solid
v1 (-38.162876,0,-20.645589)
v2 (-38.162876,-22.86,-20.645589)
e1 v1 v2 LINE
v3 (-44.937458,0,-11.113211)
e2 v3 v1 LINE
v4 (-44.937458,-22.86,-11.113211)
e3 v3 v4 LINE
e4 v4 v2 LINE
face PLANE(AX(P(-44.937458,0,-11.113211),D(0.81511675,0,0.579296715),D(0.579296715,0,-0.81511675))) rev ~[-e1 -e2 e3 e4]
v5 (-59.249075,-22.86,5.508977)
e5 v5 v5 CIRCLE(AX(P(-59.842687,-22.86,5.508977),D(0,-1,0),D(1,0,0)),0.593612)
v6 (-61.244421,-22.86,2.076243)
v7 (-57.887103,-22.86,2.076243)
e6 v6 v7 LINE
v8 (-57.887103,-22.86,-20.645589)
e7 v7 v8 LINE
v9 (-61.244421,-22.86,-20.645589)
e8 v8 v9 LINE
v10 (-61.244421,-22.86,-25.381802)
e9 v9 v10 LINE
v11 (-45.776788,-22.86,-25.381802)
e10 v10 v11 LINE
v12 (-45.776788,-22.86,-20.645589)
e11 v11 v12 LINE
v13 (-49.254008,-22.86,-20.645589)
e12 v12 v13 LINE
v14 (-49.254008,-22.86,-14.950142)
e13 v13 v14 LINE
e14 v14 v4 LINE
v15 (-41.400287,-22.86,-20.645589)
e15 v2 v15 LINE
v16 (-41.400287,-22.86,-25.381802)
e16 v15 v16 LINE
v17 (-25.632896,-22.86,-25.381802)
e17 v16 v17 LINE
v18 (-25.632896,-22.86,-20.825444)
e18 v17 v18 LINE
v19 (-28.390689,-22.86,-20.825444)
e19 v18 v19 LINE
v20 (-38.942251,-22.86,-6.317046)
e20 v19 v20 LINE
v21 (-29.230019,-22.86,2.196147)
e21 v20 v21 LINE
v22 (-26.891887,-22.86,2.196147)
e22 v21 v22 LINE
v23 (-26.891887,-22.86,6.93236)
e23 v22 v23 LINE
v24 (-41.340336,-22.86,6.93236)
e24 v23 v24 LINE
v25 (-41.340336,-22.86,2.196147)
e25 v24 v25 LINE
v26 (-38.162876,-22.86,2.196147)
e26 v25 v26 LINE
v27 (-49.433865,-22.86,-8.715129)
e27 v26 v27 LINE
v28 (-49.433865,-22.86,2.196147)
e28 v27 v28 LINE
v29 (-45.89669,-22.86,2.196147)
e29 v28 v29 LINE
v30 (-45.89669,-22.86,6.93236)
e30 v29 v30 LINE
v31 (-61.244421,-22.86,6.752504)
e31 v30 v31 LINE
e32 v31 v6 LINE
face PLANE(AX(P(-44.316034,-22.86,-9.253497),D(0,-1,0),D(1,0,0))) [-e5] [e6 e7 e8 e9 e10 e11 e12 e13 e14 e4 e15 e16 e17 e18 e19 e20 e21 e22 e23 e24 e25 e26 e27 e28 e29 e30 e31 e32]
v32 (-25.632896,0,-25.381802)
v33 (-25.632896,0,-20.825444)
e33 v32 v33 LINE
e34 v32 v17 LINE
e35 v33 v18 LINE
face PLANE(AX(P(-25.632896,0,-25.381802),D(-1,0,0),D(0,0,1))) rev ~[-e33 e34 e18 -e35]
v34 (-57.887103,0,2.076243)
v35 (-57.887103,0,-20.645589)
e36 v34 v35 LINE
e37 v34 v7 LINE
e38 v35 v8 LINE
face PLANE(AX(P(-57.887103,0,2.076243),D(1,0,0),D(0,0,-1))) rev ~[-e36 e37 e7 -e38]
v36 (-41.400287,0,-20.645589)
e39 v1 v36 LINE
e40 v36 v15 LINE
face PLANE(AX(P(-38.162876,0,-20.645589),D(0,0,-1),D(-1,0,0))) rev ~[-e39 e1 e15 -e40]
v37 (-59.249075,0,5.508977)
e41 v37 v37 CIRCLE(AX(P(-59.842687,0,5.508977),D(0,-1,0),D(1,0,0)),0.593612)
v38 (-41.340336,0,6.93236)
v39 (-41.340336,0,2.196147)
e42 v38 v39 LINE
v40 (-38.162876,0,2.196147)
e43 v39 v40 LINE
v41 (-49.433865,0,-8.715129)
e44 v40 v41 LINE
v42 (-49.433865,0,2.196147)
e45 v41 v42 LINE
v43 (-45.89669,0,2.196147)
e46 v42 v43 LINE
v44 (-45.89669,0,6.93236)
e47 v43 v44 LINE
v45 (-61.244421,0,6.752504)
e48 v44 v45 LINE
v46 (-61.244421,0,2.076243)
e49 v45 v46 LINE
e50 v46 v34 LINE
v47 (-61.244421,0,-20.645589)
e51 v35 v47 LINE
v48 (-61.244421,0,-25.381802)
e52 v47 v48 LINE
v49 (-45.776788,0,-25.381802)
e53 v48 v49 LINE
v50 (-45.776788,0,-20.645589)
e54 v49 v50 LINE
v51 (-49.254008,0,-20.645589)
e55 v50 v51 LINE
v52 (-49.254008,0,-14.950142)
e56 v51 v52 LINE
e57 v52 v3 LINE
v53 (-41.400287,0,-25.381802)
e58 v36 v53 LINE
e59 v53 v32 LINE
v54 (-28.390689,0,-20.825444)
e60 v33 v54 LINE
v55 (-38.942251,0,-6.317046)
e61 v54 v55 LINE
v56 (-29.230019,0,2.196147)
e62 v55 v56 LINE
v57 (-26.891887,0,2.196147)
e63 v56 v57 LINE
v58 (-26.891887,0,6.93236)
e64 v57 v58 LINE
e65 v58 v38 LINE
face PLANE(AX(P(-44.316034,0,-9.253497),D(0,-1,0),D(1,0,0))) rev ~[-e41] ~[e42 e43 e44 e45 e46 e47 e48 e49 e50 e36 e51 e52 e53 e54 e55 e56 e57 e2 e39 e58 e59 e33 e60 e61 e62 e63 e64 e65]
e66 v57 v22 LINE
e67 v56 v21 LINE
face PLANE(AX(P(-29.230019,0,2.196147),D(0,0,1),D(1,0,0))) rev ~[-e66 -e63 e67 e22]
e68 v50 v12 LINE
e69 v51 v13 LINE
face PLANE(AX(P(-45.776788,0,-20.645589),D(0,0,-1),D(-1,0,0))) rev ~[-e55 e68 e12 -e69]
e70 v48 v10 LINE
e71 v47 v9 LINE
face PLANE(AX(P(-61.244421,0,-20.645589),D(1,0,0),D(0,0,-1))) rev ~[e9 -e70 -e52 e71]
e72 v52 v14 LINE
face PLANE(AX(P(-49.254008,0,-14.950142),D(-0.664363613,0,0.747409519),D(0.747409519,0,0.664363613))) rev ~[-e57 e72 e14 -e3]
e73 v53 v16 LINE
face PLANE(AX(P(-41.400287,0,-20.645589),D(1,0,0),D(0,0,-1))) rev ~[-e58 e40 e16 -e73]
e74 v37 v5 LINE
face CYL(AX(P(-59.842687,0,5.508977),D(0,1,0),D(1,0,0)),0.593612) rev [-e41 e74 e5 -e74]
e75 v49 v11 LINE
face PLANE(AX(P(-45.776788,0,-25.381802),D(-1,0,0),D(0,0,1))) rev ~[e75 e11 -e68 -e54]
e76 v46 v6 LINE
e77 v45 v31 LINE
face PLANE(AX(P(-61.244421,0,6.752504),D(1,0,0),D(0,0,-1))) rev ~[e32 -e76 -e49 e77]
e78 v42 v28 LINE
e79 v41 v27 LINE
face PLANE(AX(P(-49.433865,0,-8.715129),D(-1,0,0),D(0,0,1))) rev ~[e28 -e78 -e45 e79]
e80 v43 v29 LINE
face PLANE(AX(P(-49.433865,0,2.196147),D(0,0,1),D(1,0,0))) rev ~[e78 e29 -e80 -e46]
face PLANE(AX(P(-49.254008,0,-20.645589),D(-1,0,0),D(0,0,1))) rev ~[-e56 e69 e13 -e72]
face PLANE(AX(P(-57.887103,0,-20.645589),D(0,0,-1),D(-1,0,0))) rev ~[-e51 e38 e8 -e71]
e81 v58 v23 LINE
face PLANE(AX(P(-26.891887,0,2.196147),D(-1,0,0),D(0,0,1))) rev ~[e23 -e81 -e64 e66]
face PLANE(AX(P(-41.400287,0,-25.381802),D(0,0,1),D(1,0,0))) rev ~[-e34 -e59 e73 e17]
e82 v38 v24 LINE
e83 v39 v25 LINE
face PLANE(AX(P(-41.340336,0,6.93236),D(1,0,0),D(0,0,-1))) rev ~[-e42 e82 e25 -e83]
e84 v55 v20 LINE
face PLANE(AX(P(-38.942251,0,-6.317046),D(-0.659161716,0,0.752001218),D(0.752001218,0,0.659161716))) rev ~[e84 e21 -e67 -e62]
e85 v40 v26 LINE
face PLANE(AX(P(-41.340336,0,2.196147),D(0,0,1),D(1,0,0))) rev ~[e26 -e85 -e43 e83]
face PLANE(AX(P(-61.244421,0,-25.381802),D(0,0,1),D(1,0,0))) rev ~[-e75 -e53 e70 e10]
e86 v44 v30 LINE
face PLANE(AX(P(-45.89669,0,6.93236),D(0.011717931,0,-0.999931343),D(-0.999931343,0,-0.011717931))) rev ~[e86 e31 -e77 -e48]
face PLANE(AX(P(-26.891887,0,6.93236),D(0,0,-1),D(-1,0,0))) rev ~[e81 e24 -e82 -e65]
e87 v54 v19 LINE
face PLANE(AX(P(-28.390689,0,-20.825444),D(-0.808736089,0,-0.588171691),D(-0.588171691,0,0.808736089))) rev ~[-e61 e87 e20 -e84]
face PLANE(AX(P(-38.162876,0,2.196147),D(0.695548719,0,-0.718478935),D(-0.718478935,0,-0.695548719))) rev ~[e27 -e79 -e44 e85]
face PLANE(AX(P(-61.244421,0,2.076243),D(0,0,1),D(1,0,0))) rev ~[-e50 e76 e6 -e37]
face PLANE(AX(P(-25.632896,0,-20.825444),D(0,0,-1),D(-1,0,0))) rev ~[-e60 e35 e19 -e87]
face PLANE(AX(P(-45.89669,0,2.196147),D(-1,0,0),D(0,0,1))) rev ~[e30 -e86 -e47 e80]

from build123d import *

# Parameters (mm, degrees)
F0_R     = 0.593612
F1_DEPTH = 22.86


with BuildPart() as f1:
    # F0 (on Front) → F1 (new body)
    with BuildSketch(Plane.XZ):
        Polygon((-45.89669, 6.93236), (-61.244421, 6.752504), (-61.244421, 2.076243), (-57.887103, 2.076243), (-57.887103, -20.645589), (-61.244421, -20.645589), (-61.244421, -25.381802), (-45.776788, -25.381802), (-45.776788, -20.645589), (-49.254008, -20.645589), (-49.254008, -14.950142), (-44.937458, -11.113211), (-38.162876, -20.645589), (-41.400287, -20.645589), (-41.400287, -25.381802), (-25.632896, -25.381802), (-25.632896, -20.825444), (-28.390689, -20.825444), (-38.942251, -6.317046), (-29.230019, 2.196147), (-26.891887, 2.196147), (-26.891887, 6.93236), (-41.340336, 6.93236), (-41.340336, 2.196147), (-38.162876, 2.196147), (-49.433865, -8.715129), (-49.433865, 2.196147), (-45.89669, 2.196147), align=None)
        with Locations((-59.842687, 5.508977)):
            Circle(F0_R, mode=Mode.SUBTRACT)
    extrude(amount=F1_DEPTH)


solid = f1.part
